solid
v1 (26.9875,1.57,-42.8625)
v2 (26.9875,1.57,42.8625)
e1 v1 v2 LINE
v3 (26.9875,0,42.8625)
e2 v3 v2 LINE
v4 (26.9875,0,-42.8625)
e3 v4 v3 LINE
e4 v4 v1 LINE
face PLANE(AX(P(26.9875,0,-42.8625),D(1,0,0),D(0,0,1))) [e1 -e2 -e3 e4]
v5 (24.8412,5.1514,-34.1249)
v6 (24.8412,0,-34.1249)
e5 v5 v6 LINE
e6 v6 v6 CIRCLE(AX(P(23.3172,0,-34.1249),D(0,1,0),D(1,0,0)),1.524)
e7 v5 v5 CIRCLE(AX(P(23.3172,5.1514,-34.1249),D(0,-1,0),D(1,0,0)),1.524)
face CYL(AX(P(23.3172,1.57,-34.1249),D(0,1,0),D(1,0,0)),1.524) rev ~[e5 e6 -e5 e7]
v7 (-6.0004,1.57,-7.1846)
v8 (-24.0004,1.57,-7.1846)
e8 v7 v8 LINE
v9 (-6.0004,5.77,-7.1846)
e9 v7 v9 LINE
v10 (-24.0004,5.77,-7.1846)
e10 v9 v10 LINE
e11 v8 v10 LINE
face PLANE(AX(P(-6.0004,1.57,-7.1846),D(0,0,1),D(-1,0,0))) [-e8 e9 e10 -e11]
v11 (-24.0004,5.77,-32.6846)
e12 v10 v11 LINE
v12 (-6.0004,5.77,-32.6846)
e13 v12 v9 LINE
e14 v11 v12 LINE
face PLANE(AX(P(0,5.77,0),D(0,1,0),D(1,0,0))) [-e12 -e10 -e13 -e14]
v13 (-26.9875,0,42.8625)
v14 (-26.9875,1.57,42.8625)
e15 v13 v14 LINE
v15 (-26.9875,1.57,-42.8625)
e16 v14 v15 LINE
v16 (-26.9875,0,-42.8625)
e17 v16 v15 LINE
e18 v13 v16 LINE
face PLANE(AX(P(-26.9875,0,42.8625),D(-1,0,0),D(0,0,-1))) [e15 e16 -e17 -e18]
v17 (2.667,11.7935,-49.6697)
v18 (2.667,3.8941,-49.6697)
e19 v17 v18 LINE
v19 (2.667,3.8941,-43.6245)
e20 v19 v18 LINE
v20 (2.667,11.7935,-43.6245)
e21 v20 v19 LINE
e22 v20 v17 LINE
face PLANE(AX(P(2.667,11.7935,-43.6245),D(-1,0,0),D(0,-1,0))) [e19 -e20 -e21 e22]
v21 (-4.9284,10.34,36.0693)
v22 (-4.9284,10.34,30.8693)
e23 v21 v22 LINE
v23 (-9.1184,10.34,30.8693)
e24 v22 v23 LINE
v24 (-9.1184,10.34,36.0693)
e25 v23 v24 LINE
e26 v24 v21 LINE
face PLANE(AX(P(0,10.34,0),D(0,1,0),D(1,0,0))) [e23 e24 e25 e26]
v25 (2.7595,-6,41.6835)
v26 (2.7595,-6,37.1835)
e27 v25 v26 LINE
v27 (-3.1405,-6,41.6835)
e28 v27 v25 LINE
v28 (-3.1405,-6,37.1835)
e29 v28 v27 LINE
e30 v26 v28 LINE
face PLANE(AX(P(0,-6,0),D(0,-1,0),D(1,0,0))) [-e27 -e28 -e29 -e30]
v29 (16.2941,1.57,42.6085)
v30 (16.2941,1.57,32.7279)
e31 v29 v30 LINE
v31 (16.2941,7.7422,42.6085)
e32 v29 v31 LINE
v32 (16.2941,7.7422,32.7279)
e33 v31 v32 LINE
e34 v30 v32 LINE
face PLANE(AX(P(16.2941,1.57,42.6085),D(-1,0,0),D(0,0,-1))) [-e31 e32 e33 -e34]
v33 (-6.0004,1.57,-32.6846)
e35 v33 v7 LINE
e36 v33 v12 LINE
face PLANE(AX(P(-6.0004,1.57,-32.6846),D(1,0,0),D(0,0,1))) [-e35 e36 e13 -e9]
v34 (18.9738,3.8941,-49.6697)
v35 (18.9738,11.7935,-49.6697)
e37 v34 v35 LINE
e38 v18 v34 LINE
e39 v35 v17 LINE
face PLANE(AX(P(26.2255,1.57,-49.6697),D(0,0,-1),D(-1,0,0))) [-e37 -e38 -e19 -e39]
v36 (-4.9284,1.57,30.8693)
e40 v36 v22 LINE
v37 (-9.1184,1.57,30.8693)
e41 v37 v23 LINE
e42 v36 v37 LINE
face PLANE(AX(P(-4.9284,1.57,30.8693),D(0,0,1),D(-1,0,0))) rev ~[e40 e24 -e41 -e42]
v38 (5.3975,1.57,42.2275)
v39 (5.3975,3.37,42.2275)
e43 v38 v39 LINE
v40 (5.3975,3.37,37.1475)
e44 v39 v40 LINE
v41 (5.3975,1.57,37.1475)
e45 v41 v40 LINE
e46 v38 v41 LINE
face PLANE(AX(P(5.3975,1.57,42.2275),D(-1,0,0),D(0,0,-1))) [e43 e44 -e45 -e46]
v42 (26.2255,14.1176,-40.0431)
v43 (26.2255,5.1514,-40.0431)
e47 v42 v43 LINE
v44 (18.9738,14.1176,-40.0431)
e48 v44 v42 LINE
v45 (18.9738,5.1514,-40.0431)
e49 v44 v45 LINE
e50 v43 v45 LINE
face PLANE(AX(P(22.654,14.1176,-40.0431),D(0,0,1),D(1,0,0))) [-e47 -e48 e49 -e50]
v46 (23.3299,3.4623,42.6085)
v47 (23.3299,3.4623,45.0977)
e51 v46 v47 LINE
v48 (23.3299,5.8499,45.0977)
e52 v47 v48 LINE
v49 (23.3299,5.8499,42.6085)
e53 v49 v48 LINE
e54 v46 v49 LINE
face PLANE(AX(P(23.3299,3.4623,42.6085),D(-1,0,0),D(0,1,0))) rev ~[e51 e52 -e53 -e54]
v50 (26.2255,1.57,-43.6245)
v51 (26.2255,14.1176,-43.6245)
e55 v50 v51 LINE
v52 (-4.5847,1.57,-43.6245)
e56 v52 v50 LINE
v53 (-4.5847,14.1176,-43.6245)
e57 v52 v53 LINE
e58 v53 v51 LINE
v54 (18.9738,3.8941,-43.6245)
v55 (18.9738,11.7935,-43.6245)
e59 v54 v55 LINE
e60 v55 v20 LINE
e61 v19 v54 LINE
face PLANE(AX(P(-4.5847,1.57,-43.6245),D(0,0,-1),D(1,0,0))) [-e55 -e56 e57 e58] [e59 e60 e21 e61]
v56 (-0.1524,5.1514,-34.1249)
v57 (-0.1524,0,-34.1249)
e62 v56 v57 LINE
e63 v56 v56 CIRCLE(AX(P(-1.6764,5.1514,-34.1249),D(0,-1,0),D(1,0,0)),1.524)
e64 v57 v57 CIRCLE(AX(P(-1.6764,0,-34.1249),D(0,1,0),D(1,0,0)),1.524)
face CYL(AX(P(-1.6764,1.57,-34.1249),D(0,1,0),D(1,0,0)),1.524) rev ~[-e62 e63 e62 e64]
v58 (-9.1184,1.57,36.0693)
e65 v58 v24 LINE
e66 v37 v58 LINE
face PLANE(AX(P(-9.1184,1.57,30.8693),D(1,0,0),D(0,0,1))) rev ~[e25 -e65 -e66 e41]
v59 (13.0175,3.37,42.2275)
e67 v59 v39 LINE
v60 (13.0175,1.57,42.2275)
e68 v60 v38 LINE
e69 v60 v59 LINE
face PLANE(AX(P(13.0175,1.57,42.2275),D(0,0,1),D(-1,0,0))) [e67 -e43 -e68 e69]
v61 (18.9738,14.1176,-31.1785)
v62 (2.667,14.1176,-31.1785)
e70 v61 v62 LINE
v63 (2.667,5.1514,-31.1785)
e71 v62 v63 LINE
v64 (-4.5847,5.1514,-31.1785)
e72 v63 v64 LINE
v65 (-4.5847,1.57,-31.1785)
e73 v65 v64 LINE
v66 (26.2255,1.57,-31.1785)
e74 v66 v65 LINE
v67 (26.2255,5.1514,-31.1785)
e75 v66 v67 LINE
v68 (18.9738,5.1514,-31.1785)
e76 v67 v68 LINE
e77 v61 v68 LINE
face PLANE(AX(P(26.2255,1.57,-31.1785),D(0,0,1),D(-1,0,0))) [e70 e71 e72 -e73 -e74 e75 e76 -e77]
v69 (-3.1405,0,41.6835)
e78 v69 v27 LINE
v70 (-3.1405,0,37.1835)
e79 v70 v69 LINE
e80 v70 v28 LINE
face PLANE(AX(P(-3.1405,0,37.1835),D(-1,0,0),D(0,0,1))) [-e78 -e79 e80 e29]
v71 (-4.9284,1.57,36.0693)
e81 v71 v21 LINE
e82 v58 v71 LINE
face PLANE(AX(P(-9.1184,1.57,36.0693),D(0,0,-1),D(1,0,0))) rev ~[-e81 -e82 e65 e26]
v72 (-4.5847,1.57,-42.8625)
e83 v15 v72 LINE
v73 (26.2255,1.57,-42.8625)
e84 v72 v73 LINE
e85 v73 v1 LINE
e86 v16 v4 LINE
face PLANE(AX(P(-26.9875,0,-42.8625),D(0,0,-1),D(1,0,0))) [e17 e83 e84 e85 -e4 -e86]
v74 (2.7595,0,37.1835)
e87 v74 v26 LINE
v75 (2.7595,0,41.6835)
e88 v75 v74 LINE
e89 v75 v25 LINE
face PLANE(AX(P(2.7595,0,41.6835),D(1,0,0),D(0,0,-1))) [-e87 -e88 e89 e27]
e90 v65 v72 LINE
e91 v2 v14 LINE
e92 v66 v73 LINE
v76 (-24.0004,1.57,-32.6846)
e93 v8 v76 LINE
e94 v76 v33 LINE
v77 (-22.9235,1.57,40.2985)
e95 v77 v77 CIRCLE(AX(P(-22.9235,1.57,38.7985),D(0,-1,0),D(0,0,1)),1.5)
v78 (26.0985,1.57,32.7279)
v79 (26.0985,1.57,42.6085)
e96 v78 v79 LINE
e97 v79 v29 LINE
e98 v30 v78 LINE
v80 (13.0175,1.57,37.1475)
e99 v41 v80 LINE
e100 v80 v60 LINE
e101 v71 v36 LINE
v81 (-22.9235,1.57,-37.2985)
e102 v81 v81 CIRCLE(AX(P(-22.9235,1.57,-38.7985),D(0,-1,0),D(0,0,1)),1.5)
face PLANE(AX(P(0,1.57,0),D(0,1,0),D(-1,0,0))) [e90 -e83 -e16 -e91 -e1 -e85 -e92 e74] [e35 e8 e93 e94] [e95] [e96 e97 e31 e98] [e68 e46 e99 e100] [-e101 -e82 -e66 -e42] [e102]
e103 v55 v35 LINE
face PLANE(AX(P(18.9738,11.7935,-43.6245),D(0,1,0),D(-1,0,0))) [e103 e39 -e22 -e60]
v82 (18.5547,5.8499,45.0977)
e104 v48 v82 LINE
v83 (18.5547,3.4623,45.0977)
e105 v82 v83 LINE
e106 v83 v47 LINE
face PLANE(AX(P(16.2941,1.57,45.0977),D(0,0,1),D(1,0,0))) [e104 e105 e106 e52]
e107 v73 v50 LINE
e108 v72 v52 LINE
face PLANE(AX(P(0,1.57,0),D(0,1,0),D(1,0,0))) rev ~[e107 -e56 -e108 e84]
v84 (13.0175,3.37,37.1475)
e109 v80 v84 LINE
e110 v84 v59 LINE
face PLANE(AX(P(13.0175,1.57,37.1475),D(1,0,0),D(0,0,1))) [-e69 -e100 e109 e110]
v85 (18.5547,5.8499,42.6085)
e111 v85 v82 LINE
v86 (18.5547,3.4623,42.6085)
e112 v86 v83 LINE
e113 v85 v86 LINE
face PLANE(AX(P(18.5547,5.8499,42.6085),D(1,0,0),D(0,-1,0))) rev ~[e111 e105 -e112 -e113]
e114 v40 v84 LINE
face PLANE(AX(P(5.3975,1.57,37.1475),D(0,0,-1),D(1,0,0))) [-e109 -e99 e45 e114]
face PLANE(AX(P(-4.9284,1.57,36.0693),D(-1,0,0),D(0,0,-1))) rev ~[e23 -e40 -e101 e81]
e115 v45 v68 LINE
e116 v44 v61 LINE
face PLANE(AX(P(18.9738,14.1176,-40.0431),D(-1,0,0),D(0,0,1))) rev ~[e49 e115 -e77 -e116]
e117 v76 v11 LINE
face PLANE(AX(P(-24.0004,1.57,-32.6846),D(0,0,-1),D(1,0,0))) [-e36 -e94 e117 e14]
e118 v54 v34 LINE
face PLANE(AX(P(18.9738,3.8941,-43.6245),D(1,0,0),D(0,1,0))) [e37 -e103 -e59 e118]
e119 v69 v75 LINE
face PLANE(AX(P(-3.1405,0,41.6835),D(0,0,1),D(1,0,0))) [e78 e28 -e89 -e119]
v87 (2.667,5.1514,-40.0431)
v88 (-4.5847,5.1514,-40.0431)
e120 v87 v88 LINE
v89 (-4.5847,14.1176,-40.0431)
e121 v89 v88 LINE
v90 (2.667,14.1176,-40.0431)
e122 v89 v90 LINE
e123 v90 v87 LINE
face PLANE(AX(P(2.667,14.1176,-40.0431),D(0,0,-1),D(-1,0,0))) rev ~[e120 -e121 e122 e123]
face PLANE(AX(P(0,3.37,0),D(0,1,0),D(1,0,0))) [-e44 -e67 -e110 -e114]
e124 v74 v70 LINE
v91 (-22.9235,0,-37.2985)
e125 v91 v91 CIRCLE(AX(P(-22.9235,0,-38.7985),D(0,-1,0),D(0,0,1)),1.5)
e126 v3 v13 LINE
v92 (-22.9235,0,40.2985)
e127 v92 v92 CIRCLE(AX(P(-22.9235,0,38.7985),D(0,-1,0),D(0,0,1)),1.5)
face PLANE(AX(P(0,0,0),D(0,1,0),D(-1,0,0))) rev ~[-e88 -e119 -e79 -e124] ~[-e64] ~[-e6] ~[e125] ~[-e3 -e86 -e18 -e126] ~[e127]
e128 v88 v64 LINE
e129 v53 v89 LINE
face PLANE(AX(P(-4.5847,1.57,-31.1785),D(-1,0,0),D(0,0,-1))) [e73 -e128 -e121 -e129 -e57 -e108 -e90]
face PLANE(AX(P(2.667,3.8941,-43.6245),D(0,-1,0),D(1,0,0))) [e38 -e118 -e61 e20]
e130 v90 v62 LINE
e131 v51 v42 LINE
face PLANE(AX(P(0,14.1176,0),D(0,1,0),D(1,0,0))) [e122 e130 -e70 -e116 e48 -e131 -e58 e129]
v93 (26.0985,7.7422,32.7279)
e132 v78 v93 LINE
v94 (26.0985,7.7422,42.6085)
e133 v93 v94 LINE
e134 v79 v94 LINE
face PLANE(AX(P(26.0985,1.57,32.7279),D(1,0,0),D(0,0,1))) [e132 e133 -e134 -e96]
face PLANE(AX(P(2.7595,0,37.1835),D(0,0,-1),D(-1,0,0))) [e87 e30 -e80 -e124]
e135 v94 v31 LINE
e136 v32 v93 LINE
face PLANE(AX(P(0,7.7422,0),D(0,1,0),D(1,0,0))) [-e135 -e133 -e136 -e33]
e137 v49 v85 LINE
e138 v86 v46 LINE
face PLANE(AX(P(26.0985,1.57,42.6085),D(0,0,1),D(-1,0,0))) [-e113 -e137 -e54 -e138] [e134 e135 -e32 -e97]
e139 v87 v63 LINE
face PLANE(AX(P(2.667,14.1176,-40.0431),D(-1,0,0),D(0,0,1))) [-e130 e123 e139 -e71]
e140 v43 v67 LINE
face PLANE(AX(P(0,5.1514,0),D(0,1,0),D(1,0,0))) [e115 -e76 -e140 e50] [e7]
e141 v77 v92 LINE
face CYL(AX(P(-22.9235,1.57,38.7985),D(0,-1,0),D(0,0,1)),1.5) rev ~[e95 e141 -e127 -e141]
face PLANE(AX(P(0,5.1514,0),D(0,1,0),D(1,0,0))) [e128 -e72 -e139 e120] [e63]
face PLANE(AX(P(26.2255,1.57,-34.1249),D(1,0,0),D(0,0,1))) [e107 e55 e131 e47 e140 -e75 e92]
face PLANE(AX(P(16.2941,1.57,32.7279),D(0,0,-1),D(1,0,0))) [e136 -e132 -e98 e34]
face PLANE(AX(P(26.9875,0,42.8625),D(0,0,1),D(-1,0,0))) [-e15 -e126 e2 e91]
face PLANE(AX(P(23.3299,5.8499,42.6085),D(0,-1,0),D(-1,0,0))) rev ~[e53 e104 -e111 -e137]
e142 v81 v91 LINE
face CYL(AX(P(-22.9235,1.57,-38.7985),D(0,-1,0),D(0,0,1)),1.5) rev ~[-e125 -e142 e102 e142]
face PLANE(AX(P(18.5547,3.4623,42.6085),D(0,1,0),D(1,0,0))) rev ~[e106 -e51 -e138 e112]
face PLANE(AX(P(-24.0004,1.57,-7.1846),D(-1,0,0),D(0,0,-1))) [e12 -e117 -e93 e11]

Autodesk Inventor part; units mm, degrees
ref_plane "YZ Plane" through (0, 0, 0) normal (1, 0, 0) x (0, 1, 0)
ref_plane "XZ Plane" through (0, 0, 0) normal (0, 1, 0) x (-1, 0, 0)
ref_plane "XY Plane" through (0, 0, 0) normal (0, 0, 1) x (1, 0, 0)
sketch "Sketch1" plane through (0, 0, 0) normal (0, 1, 0) x (-1, 0, 0)
  line L0 (-26.9875, 42.8625) -> (26.9875, 42.8625)
  line L1 (26.9875, 42.8625) -> (26.9875, -42.8625)
  line L2 (26.9875, -42.8625) -> (-26.9875, -42.8625)
  line L3 (-26.9875, -42.8625) -> (-26.9875, 42.8625)
  line L4 (-26.9875, 42.8625) -> (26.9875, -42.8625) construction
  line L5 (26.9875, 42.8625) -> (-26.9875, -42.8625) construction
  point P0 (0, 0)
  dimension "d0" = 53.975
  dimension "d1" = 85.725
extrude "Extrusion1" add sketch "Sketch1" along normal blind 1.57
sketch "Sketch2" plane through (0, 1.57, 0) normal (0, 1, 0) x (1, 0, 0)
  line L0 (-26.9875, -42.8625) -> (26.9875, -42.8625) projected
  line L1 (-26.9875, 42.8625) -> (-26.9875, -42.8625) projected
  line L2 (26.9875, 42.8625) -> (-26.9875, 42.8625) projected
  line L3 (26.9875, -42.8625) -> (26.9875, 42.8625) projected
  point P0 (0, 0)
  point P1 (-22.9235, -38.7985)
  point P2 (-22.9235, 38.7985)
  dimension "d4" = 4.064
  dimension "d5" = 4.064
  dimension "d6" = 4.064
  dimension "d7" = 4.064
hole "Hole1" at (-22.9235, 1.57, 38.7985) at (-22.9235, 1.57, -38.7985) direction (0, -1, 0) diameter 3 depth 2.54
sketch "Sketch5" plane through (0, 1.57, 0) normal (0, 1, 0) x (1, 0, 0)
  line L0 (-26.9875, -42.8625) -> (26.9875, -42.8625) projected
  line L1 (26.9875, -42.8625) -> (26.9875, 42.8625) projected
  line L2 (-4.9284, -30.8693) -> (-9.1184, -30.8693)
  line L3 (-9.1184, -30.8693) -> (-9.1184, -36.0693)
  line L4 (-9.1184, -36.0693) -> (-4.9284, -36.0693)
  line L5 (-4.9284, -36.0693) -> (-4.9284, -30.8693)
  line L6 (-4.9284, -30.8693) -> (-9.1184, -36.0693) construction
  line L7 (-9.1184, -30.8693) -> (-4.9284, -36.0693) construction
  point P0 (0, 0)
  point P1 (-7.3025, -33.9725)
  point P2 (-7.0234, -33.4693)
  dimension "d26" = 8.89
  dimension "d27" = 34.29
  dimension "d28" = 5.2
  dimension "d29" = 4.19
extrude "Extrusion4" add sketch "Sketch5" along normal blind 8.77
sketch "Sketch6" plane through (0, 1.57, 0) normal (0, 1, 0) x (1, 0, 0)
  line L0 (-6.0004, 7.1846) -> (-24.0004, 7.1846)
  line L1 (-24.0004, 7.1846) -> (-24.0004, 32.6846)
  line L2 (-24.0004, 32.6846) -> (-6.0004, 32.6846)
  line L3 (-6.0004, 32.6846) -> (-6.0004, 7.1846)
  line L4 (-6.0004, 7.1846) -> (-24.0004, 32.6846) construction
  line L5 (-24.0004, 7.1846) -> (-6.0004, 32.6846) construction
  point P0 (0, 0)
  point P1 (-15.0004, 19.9346)
  dimension "d34" = 25.5
  dimension "d35" = 18
extrude "Extrusion5" add sketch "Sketch6" along normal blind 4.2
sketch "Sketch7" plane through (0, 0, 0) normal (0, -1, 0) x (1, 0, 0)
  line L0 (2.7595, 37.1835) -> (-3.1405, 37.1835)
  line L1 (-3.1405, 37.1835) -> (-3.1405, 41.6835)
  line L2 (-3.1405, 41.6835) -> (2.7595, 41.6835)
  line L3 (2.7595, 41.6835) -> (2.7595, 37.1835)
  line L4 (2.7595, 37.1835) -> (-3.1405, 41.6835) construction
  line L5 (-3.1405, 37.1835) -> (2.7595, 41.6835) construction
  line L6 (-26.9875, 42.8625) -> (26.9875, 42.8625) projected
  line L7 (-26.9875, -42.8625) -> (-26.9875, 42.8625) projected
  line L8 (26.9875, 42.8625) -> (26.9875, -42.8625) projected
  point P0 (0, 0)
  point P1 (-0.1905, 39.4335)
  dimension "d36" = 4.5
  dimension "d37" = 5.9
  dimension "d38" = 3.429
  dimension "d40" = 27.178
extrude "Extrusion6" add sketch "Sketch7" along normal blind 6
sketch "Sketch8" plane through (0, 1.57, 0) normal (0, 1, 0) x (1, 0, 0)
  line L0 (26.0985, -42.6085) -> (16.2941, -42.6085)
  line L1 (16.2941, -42.6085) -> (16.2941, -32.7279)
  line L2 (16.2941, -32.7279) -> (26.0985, -32.7279)
  line L3 (26.0985, -32.7279) -> (26.0985, -42.6085)
  line L4 (26.0985, -42.6085) -> (16.2941, -32.7279) construction
  line L5 (16.2941, -42.6085) -> (26.0985, -32.7279) construction
  line L6 (26.9875, -42.8625) -> (26.9875, 42.8625) projected
  line L7 (-26.9875, -42.8625) -> (26.9875, -42.8625) projected
  point P0 (0, 0)
  point P1 (21.1963, -37.6682)
  dimension "d43" = 9.8044
  dimension "d44" = 9.8806
  dimension "d45" = 0.889
  dimension "d46" = 0.254
extrude "Extrusion7" add sketch "Sketch8" along normal blind 6.1722
sketch "Sketch9" plane through (16.2941, 1.57, 42.6085) normal (0, 0, 1) x (1, 0, 0)
  line L0 (0, 0) -> (0, 6.1722) projected
  line L1 (7.0358, 4.2799) -> (2.2606, 4.2799)
  line L2 (2.2606, 4.2799) -> (2.2606, 1.8923)
  line L3 (2.2606, 1.8923) -> (7.0358, 1.8923)
  line L4 (7.0358, 1.8923) -> (7.0358, 4.2799)
  line L5 (7.0358, 4.2799) -> (2.2606, 1.8923) construction
  line L6 (2.2606, 4.2799) -> (7.0358, 1.8923) construction
  line L7 (0, 6.1722) -> (9.8044, 6.1722) projected
  point P0 (-16.2941, -1.57)
  point P1 (4.6482, 3.0861)
  dimension "d52" = 3.0861
  dimension "d53" = 2.2606
extrude "Extrusion8" add sketch "Sketch9" along normal blind 2.4892
sketch "Sketch10" plane through (0, 1.57, 0) normal (0, 1, 0) x (1, 0, 0)
  line L0 (26.9875, -42.8625) -> (26.9875, 42.8625) projected
  line L1 (-26.9875, -42.8625) -> (26.9875, -42.8625) projected
  line L2 (13.0175, -42.2275) -> (5.3975, -42.2275)
  line L3 (5.3975, -42.2275) -> (5.3975, -37.1475)
  line L4 (5.3975, -37.1475) -> (13.0175, -37.1475)
  line L5 (13.0175, -37.1475) -> (13.0175, -42.2275)
  line L6 (13.0175, -42.2275) -> (5.3975, -37.1475) construction
  line L7 (5.3975, -42.2275) -> (13.0175, -37.1475) construction
  point P0 (0, 0)
  point P1 (9.2075, -39.6875)
  dimension "d56" = 17.78
  dimension "d57" = 3.175
  dimension "d58" = 7.62
  dimension "d59" = 5.08
extrude "Extrusion9" add sketch "Sketch10" along normal blind 1.8
sketch "Sketch11" plane through (0, 1.57, 0) normal (0, 1, 0) x (1, 0, 0)
  line L0 (26.9875, -42.8625) -> (26.9875, 42.8625) projected
  line L1 (26.9875, 42.8625) -> (-26.9875, 42.8625) projected
  circle A0 centre (23.3172, 34.1249) radius 1.524
  circle A1 centre (-1.6764, 34.1249) radius 1.524
  point P0 (0, 0)
  dimension "d62" = 3.6703
  dimension "d63" = 24.9936
  dimension "d64" = 8.7376
  dimension "d65" = 8.7376
  dimension "d66" = 3.048
  dimension "d67" = 3.048
sketch "Sketch12" plane through (0, 1.57, 0) normal (0, 1, 0) x (1, 0, 0)
  line L0 (26.9875, -42.8625) -> (26.9875, 42.8625) projected
  line L1 (26.9875, 34.1249) -> (26.2255, 34.1249)
  line L2 (26.9875, 34.1249) -> (27.7495, 34.1249) construction
  line L3 (26.9875, 42.8625) -> (-26.9875, 42.8625) projected
  line L4 (26.2255, 34.1249) -> (26.2255, 31.1785)
  line L5 (26.2255, 31.1785) -> (-4.5847, 31.1785)
  line L6 (-4.5847, 31.1785) -> (-4.5847, 43.6245)
  line L7 (-4.5847, 43.6245) -> (26.2255, 43.6245)
  line L8 (26.2255, 43.6245) -> (26.2255, 31.1785)
  point P0 (0, 0)
  point P1 (26.2255, 42.8625)
  point P2 (-4.5847, 42.8625)
  dimension "d68" = 0.762
  dimension "d69" = 180
  dimension "d70" = 8.7376
  dimension "d73" = 2.9464
  dimension "d74" = 30.8102
  dimension "d75" = 12.446
extrude "Extrusion10" add sketch "Sketch12" along normal blind 12.5476 contours L4 L5 L6 L3 L8 | L3 L6 L7 L8
sketch "Sketch15" plane through (26.2255, 1.57, -43.6245) normal (0, 0, -1) x (-1, 0, 0)
  line L0 (23.5585, 2.3241) -> (7.2517, 2.3241)
  line L1 (7.2517, 2.3241) -> (7.2517, 10.2235)
  line L2 (7.2517, 10.2235) -> (23.5585, 10.2235)
  line L3 (23.5585, 10.2235) -> (23.5585, 2.3241)
  line L4 (23.5585, 2.3241) -> (7.2517, 10.2235) construction
  line L5 (7.2517, 2.3241) -> (23.5585, 10.2235) construction
  line L6 (30.8102, 0) -> (30.8102, 12.5476) projected
  line L7 (0, 12.5476) -> (30.8102, 12.5476) projected
  point P0 (26.2255, -1.57)
  point P1 (26.9875, 0)
  point P2 (15.4051, 6.2738)
  point P3 (30.8102, 6.2738)
  point P4 (15.4051, 12.5476)
  dimension "d86" = 16.3068
  dimension "d87" = 7.8994
extrude "Extrusion13" add sketch "Sketch15" along normal blind 6.0452
sketch "Sketch16" plane through (0, 14.1176, 0) normal (0, 1, 0) x (1, 0, 0)
  line L0 (26.2255, 43.6245) -> (-4.5847, 43.6245) projected
  line L1 (-1.9136, 43.6245) -> (-1.9136, 40.0431)
  line L2 (-1.9136, 43.6245) -> (1.6678, 43.6245) construction
  line L3 (22.654, 43.6245) -> (22.654, 40.0431)
  line L4 (26.2255, 42.8625) -> (26.2255, 31.1785) projected
  line L5 (18.9738, 43.6245) -> (18.9738, 49.6697) projected
  line L6 (26.2255, 31.1785) -> (-4.5847, 31.1785) projected
  line L7 (-4.5847, 43.6245) -> (-4.5847, 31.1785) projected
  line L8 (2.667, 43.6245) -> (2.667, 49.6697) projected
  line L9 (18.9738, 40.0431) -> (26.2255, 40.0431)
  line L10 (18.9738, 40.0431) -> (18.9738, 31.1785)
  line L11 (2.667, 40.0431) -> (-4.5847, 40.0431)
  line L12 (-4.5847, 31.1785) -> (-4.5847, 42.8625) projected
  line L13 (2.667, 40.0431) -> (2.667, 31.1785)
  point P0 (0, 0)
  dimension "d90" = 3.5814
  dimension "d91" = 270
  dimension "d92" = 3.5814
extrude "Extrusion14" cut sketch "Sketch16" against normal blind 8.9662 contours L9 L4 L6 L10 | L11 L13 L6 L7
extrude "Extrusion15" cut sketch "Sketch11" along normal mid plane 8.9662
properties part number "Spo2 PCB"
